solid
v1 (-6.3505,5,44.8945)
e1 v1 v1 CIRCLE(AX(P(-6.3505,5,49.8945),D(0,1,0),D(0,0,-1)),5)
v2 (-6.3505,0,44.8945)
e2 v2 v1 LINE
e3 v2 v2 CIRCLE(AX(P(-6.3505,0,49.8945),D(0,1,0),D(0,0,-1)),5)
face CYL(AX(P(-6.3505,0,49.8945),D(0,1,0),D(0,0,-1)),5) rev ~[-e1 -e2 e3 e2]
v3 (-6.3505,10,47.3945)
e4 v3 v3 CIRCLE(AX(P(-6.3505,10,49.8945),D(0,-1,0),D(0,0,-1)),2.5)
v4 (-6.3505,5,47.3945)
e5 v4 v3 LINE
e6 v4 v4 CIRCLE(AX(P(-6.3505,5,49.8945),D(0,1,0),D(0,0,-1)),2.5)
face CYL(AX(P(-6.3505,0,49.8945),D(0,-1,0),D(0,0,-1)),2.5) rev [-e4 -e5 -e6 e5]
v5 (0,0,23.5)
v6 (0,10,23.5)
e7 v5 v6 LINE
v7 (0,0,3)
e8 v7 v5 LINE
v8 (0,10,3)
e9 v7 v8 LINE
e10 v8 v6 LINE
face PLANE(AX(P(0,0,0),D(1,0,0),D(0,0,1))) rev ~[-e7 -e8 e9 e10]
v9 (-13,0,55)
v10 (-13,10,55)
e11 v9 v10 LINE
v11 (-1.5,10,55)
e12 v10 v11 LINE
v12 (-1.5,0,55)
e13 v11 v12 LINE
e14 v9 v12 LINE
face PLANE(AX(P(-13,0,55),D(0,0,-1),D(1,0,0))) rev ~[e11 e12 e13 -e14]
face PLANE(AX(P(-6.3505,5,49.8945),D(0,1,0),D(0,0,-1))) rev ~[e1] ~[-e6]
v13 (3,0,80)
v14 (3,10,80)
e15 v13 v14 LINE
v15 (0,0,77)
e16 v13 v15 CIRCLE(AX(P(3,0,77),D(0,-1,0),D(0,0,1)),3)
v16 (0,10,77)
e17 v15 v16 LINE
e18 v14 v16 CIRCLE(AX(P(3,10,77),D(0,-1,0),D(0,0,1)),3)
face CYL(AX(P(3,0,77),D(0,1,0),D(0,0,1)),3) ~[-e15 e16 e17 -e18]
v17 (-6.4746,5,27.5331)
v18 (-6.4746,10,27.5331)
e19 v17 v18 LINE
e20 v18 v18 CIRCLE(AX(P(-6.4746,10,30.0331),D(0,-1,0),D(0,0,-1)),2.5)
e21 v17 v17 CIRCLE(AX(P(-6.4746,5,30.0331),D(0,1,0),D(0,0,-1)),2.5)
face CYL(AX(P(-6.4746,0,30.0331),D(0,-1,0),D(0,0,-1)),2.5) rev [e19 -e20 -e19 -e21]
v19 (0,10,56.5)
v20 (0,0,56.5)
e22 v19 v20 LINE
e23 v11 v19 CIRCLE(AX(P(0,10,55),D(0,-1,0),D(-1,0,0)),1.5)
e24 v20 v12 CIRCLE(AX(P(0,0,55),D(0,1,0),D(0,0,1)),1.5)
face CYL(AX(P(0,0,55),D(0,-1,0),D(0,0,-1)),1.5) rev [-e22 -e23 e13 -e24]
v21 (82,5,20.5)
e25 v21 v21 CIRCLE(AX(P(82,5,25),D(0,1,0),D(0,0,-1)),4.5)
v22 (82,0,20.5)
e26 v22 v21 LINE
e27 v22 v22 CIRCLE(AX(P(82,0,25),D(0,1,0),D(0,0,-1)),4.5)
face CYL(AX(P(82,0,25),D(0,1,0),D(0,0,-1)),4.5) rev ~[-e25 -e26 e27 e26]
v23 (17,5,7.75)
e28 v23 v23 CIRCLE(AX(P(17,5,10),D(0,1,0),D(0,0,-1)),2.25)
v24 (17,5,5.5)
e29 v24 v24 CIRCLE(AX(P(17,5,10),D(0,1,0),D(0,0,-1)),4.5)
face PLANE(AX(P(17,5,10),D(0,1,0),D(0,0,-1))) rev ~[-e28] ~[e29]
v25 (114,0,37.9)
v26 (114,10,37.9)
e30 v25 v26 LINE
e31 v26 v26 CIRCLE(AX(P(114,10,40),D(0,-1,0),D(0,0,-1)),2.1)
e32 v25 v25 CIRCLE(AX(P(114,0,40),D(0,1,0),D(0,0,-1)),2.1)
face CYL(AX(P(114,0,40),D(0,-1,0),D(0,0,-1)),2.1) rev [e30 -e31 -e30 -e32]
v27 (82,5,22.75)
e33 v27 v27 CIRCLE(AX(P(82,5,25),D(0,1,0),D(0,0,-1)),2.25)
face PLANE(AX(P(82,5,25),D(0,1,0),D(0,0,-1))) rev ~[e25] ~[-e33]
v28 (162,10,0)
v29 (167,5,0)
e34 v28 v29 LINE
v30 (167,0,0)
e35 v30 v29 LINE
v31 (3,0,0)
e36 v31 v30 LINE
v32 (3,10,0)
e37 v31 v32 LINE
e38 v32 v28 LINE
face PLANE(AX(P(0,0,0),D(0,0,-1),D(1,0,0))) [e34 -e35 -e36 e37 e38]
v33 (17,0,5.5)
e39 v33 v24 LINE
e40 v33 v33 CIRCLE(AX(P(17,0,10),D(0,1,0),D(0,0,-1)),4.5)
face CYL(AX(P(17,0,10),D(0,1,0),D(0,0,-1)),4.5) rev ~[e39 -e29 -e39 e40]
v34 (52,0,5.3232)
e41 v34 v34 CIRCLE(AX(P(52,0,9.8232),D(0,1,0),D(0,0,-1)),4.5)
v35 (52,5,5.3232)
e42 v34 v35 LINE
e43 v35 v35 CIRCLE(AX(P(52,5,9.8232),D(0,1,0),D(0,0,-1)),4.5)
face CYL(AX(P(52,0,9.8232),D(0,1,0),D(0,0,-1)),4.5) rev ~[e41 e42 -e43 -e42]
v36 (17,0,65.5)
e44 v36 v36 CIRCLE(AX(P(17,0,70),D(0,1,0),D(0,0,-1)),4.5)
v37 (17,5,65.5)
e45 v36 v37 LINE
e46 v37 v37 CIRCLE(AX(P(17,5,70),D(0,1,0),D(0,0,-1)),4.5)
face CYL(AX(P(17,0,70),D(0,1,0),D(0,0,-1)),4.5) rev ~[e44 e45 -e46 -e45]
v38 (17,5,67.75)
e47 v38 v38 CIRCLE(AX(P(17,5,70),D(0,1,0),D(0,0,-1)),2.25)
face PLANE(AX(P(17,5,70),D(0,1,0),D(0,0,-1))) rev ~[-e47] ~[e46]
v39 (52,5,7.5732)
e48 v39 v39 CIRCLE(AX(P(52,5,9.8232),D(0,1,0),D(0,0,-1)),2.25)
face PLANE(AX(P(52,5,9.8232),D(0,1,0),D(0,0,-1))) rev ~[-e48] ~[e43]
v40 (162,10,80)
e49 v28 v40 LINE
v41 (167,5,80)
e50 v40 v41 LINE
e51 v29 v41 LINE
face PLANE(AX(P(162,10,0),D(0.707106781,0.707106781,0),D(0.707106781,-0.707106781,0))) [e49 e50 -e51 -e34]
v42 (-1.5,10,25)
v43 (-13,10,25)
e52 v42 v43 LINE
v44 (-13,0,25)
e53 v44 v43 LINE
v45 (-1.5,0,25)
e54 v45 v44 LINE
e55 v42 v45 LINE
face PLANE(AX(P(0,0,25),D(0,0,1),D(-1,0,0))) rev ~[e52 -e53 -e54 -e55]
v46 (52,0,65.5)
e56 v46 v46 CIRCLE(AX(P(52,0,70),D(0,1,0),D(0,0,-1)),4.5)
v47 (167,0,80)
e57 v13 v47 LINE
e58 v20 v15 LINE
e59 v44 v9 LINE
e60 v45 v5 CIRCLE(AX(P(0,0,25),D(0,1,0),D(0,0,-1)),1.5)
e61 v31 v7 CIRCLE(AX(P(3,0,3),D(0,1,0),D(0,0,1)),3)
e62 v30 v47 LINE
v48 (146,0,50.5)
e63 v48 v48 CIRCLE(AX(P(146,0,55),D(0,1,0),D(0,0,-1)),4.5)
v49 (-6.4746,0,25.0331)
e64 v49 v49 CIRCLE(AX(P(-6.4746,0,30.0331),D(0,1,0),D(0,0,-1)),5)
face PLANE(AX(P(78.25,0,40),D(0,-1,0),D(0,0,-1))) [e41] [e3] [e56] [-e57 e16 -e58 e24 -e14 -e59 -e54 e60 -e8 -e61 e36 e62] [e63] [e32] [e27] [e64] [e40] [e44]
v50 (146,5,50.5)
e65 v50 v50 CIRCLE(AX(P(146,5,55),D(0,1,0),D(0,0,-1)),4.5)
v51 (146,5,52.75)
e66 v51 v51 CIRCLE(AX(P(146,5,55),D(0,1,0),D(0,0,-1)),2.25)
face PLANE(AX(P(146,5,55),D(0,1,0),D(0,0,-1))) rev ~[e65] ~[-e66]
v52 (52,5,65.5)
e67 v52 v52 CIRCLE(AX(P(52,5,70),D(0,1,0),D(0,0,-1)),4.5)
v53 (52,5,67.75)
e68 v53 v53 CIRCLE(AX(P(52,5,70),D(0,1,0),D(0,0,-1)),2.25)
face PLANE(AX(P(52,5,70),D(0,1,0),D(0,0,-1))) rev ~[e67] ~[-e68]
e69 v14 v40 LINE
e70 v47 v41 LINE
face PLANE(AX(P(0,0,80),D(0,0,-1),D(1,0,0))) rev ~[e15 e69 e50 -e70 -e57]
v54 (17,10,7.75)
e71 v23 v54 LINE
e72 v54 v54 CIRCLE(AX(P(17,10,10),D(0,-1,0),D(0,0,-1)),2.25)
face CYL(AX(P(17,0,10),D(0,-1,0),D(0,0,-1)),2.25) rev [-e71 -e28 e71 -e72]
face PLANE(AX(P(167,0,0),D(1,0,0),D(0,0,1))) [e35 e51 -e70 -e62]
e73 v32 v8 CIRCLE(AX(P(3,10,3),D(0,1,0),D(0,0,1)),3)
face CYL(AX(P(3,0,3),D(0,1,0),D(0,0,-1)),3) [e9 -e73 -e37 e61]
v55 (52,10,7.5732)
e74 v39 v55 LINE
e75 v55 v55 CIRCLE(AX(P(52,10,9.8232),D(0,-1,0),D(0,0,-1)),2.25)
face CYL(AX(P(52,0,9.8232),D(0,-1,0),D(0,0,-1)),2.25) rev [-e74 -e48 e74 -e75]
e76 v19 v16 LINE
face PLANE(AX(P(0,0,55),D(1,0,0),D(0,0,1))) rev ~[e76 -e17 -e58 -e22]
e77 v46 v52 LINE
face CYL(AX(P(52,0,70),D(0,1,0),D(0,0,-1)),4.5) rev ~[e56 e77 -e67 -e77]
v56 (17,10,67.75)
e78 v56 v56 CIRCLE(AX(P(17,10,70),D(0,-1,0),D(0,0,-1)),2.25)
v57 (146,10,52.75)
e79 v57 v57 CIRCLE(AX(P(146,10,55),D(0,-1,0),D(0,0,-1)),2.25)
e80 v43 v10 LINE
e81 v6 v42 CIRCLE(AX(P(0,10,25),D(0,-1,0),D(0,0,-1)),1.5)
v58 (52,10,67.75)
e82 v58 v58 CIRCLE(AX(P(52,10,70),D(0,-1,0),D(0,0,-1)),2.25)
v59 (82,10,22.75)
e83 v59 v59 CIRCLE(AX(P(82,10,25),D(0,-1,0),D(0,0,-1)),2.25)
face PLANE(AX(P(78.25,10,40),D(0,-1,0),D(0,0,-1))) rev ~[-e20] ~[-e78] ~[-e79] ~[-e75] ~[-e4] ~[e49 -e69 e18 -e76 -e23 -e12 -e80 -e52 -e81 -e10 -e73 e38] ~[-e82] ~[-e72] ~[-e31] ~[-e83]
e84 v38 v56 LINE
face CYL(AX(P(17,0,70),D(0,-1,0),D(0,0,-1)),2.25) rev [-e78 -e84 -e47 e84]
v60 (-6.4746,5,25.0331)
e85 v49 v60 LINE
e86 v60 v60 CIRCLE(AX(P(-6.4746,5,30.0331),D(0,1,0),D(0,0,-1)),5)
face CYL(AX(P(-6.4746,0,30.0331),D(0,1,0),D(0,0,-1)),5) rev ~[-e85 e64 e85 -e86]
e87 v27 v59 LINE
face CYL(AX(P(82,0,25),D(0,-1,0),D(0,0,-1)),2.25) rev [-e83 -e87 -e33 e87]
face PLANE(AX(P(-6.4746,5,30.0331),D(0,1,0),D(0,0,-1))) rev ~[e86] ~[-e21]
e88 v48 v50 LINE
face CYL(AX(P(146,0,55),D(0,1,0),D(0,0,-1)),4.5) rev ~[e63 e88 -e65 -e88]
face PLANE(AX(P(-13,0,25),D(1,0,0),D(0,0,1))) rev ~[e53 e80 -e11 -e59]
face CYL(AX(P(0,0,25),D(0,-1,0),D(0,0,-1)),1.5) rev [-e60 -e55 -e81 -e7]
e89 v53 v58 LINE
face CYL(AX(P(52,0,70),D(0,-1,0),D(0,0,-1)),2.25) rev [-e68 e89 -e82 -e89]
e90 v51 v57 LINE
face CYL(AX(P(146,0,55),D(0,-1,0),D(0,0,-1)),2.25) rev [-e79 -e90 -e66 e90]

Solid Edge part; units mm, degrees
sketch "Sketch1" plane through (0, 0, 0) normal (0, -1, 0) x (1, 0, 0)
  line L0 (0, 0) -> (167, 0)
  line L1 (167, 0) -> (167, 80)
  line L2 (0, 80) -> (167, 80)
  line L3 (0, 55) -> (0, 80)
  line L4 (-13, 55) -> (0, 55)
  line L5 (-13, 25) -> (-13, 55)
  line L6 (0, 25) -> (-13, 25)
  line L7 (0, 0) -> (0, 25)
extrude "Protrusion1" add sketch "Sketch1" against normal blind 10
hole "Furo_1" at (0, 0, 55) direction (0, 1, 0) diameter 3 end up to next
hole "Hole1" at (0, 0, 25) direction (0, 1, 0) diameter 3 end up to next
hole "Furo_3" at (-6.4746, 0, 30.0331) direction (0, 1, 0) diameter 5 end up to next counterbore diameter 10 counterbore depth 5
hole "Hole2" at (-6.3505, 0, 49.8945) direction (0, 1, 0) diameter 5 end up to next counterbore diameter 10 counterbore depth 5
hole "Furo_7" at (17, 0, 70) direction (0, 1, 0) diameter 4.5 end up to next counterbore diameter 9 counterbore depth 5
hole "Hole3" at (52, 0, 70) direction (0, 1, 0) diameter 4.5 end up to next counterbore diameter 9 counterbore depth 5
hole "Hole4" at (52, 0, 9.8232) direction (0, 1, 0) diameter 4.5 end up to next counterbore diameter 9 counterbore depth 5
hole "Hole5" at (17, 0, 10) direction (0, 1, 0) diameter 4.5 end up to next counterbore diameter 9 counterbore depth 5
hole "Hole6" at (82, 0, 25) direction (0, 1, 0) diameter 4.5 end up to next counterbore diameter 9 counterbore depth 5
hole "Hole7" at (146, 0, 55) direction (0, 1, 0) diameter 4.5 end up to next counterbore diameter 9 counterbore depth 5
hole "Furo_13" at (114, 0, 40) direction (0, 1, 0) diameter 4.2 end through all
sketch "Sketch2" plane through (83.5, 5, 0) normal (0, 0, -1) x (1, 0, 0)
  line L0 (78.5, -5) -> (83.5, 0)
  line L1 (83.5, -5) -> (78.5, -5)
extrude "Recorte_Extrudado_1" cut sketch "Sketch2" against normal blind 110.0031 material side at (164.5354, 7.5354, 0)
fillet "Redondo_1" radius 3 2 edges at (0, 5, 0) (0, 5, 80)
properties material "PVC"
